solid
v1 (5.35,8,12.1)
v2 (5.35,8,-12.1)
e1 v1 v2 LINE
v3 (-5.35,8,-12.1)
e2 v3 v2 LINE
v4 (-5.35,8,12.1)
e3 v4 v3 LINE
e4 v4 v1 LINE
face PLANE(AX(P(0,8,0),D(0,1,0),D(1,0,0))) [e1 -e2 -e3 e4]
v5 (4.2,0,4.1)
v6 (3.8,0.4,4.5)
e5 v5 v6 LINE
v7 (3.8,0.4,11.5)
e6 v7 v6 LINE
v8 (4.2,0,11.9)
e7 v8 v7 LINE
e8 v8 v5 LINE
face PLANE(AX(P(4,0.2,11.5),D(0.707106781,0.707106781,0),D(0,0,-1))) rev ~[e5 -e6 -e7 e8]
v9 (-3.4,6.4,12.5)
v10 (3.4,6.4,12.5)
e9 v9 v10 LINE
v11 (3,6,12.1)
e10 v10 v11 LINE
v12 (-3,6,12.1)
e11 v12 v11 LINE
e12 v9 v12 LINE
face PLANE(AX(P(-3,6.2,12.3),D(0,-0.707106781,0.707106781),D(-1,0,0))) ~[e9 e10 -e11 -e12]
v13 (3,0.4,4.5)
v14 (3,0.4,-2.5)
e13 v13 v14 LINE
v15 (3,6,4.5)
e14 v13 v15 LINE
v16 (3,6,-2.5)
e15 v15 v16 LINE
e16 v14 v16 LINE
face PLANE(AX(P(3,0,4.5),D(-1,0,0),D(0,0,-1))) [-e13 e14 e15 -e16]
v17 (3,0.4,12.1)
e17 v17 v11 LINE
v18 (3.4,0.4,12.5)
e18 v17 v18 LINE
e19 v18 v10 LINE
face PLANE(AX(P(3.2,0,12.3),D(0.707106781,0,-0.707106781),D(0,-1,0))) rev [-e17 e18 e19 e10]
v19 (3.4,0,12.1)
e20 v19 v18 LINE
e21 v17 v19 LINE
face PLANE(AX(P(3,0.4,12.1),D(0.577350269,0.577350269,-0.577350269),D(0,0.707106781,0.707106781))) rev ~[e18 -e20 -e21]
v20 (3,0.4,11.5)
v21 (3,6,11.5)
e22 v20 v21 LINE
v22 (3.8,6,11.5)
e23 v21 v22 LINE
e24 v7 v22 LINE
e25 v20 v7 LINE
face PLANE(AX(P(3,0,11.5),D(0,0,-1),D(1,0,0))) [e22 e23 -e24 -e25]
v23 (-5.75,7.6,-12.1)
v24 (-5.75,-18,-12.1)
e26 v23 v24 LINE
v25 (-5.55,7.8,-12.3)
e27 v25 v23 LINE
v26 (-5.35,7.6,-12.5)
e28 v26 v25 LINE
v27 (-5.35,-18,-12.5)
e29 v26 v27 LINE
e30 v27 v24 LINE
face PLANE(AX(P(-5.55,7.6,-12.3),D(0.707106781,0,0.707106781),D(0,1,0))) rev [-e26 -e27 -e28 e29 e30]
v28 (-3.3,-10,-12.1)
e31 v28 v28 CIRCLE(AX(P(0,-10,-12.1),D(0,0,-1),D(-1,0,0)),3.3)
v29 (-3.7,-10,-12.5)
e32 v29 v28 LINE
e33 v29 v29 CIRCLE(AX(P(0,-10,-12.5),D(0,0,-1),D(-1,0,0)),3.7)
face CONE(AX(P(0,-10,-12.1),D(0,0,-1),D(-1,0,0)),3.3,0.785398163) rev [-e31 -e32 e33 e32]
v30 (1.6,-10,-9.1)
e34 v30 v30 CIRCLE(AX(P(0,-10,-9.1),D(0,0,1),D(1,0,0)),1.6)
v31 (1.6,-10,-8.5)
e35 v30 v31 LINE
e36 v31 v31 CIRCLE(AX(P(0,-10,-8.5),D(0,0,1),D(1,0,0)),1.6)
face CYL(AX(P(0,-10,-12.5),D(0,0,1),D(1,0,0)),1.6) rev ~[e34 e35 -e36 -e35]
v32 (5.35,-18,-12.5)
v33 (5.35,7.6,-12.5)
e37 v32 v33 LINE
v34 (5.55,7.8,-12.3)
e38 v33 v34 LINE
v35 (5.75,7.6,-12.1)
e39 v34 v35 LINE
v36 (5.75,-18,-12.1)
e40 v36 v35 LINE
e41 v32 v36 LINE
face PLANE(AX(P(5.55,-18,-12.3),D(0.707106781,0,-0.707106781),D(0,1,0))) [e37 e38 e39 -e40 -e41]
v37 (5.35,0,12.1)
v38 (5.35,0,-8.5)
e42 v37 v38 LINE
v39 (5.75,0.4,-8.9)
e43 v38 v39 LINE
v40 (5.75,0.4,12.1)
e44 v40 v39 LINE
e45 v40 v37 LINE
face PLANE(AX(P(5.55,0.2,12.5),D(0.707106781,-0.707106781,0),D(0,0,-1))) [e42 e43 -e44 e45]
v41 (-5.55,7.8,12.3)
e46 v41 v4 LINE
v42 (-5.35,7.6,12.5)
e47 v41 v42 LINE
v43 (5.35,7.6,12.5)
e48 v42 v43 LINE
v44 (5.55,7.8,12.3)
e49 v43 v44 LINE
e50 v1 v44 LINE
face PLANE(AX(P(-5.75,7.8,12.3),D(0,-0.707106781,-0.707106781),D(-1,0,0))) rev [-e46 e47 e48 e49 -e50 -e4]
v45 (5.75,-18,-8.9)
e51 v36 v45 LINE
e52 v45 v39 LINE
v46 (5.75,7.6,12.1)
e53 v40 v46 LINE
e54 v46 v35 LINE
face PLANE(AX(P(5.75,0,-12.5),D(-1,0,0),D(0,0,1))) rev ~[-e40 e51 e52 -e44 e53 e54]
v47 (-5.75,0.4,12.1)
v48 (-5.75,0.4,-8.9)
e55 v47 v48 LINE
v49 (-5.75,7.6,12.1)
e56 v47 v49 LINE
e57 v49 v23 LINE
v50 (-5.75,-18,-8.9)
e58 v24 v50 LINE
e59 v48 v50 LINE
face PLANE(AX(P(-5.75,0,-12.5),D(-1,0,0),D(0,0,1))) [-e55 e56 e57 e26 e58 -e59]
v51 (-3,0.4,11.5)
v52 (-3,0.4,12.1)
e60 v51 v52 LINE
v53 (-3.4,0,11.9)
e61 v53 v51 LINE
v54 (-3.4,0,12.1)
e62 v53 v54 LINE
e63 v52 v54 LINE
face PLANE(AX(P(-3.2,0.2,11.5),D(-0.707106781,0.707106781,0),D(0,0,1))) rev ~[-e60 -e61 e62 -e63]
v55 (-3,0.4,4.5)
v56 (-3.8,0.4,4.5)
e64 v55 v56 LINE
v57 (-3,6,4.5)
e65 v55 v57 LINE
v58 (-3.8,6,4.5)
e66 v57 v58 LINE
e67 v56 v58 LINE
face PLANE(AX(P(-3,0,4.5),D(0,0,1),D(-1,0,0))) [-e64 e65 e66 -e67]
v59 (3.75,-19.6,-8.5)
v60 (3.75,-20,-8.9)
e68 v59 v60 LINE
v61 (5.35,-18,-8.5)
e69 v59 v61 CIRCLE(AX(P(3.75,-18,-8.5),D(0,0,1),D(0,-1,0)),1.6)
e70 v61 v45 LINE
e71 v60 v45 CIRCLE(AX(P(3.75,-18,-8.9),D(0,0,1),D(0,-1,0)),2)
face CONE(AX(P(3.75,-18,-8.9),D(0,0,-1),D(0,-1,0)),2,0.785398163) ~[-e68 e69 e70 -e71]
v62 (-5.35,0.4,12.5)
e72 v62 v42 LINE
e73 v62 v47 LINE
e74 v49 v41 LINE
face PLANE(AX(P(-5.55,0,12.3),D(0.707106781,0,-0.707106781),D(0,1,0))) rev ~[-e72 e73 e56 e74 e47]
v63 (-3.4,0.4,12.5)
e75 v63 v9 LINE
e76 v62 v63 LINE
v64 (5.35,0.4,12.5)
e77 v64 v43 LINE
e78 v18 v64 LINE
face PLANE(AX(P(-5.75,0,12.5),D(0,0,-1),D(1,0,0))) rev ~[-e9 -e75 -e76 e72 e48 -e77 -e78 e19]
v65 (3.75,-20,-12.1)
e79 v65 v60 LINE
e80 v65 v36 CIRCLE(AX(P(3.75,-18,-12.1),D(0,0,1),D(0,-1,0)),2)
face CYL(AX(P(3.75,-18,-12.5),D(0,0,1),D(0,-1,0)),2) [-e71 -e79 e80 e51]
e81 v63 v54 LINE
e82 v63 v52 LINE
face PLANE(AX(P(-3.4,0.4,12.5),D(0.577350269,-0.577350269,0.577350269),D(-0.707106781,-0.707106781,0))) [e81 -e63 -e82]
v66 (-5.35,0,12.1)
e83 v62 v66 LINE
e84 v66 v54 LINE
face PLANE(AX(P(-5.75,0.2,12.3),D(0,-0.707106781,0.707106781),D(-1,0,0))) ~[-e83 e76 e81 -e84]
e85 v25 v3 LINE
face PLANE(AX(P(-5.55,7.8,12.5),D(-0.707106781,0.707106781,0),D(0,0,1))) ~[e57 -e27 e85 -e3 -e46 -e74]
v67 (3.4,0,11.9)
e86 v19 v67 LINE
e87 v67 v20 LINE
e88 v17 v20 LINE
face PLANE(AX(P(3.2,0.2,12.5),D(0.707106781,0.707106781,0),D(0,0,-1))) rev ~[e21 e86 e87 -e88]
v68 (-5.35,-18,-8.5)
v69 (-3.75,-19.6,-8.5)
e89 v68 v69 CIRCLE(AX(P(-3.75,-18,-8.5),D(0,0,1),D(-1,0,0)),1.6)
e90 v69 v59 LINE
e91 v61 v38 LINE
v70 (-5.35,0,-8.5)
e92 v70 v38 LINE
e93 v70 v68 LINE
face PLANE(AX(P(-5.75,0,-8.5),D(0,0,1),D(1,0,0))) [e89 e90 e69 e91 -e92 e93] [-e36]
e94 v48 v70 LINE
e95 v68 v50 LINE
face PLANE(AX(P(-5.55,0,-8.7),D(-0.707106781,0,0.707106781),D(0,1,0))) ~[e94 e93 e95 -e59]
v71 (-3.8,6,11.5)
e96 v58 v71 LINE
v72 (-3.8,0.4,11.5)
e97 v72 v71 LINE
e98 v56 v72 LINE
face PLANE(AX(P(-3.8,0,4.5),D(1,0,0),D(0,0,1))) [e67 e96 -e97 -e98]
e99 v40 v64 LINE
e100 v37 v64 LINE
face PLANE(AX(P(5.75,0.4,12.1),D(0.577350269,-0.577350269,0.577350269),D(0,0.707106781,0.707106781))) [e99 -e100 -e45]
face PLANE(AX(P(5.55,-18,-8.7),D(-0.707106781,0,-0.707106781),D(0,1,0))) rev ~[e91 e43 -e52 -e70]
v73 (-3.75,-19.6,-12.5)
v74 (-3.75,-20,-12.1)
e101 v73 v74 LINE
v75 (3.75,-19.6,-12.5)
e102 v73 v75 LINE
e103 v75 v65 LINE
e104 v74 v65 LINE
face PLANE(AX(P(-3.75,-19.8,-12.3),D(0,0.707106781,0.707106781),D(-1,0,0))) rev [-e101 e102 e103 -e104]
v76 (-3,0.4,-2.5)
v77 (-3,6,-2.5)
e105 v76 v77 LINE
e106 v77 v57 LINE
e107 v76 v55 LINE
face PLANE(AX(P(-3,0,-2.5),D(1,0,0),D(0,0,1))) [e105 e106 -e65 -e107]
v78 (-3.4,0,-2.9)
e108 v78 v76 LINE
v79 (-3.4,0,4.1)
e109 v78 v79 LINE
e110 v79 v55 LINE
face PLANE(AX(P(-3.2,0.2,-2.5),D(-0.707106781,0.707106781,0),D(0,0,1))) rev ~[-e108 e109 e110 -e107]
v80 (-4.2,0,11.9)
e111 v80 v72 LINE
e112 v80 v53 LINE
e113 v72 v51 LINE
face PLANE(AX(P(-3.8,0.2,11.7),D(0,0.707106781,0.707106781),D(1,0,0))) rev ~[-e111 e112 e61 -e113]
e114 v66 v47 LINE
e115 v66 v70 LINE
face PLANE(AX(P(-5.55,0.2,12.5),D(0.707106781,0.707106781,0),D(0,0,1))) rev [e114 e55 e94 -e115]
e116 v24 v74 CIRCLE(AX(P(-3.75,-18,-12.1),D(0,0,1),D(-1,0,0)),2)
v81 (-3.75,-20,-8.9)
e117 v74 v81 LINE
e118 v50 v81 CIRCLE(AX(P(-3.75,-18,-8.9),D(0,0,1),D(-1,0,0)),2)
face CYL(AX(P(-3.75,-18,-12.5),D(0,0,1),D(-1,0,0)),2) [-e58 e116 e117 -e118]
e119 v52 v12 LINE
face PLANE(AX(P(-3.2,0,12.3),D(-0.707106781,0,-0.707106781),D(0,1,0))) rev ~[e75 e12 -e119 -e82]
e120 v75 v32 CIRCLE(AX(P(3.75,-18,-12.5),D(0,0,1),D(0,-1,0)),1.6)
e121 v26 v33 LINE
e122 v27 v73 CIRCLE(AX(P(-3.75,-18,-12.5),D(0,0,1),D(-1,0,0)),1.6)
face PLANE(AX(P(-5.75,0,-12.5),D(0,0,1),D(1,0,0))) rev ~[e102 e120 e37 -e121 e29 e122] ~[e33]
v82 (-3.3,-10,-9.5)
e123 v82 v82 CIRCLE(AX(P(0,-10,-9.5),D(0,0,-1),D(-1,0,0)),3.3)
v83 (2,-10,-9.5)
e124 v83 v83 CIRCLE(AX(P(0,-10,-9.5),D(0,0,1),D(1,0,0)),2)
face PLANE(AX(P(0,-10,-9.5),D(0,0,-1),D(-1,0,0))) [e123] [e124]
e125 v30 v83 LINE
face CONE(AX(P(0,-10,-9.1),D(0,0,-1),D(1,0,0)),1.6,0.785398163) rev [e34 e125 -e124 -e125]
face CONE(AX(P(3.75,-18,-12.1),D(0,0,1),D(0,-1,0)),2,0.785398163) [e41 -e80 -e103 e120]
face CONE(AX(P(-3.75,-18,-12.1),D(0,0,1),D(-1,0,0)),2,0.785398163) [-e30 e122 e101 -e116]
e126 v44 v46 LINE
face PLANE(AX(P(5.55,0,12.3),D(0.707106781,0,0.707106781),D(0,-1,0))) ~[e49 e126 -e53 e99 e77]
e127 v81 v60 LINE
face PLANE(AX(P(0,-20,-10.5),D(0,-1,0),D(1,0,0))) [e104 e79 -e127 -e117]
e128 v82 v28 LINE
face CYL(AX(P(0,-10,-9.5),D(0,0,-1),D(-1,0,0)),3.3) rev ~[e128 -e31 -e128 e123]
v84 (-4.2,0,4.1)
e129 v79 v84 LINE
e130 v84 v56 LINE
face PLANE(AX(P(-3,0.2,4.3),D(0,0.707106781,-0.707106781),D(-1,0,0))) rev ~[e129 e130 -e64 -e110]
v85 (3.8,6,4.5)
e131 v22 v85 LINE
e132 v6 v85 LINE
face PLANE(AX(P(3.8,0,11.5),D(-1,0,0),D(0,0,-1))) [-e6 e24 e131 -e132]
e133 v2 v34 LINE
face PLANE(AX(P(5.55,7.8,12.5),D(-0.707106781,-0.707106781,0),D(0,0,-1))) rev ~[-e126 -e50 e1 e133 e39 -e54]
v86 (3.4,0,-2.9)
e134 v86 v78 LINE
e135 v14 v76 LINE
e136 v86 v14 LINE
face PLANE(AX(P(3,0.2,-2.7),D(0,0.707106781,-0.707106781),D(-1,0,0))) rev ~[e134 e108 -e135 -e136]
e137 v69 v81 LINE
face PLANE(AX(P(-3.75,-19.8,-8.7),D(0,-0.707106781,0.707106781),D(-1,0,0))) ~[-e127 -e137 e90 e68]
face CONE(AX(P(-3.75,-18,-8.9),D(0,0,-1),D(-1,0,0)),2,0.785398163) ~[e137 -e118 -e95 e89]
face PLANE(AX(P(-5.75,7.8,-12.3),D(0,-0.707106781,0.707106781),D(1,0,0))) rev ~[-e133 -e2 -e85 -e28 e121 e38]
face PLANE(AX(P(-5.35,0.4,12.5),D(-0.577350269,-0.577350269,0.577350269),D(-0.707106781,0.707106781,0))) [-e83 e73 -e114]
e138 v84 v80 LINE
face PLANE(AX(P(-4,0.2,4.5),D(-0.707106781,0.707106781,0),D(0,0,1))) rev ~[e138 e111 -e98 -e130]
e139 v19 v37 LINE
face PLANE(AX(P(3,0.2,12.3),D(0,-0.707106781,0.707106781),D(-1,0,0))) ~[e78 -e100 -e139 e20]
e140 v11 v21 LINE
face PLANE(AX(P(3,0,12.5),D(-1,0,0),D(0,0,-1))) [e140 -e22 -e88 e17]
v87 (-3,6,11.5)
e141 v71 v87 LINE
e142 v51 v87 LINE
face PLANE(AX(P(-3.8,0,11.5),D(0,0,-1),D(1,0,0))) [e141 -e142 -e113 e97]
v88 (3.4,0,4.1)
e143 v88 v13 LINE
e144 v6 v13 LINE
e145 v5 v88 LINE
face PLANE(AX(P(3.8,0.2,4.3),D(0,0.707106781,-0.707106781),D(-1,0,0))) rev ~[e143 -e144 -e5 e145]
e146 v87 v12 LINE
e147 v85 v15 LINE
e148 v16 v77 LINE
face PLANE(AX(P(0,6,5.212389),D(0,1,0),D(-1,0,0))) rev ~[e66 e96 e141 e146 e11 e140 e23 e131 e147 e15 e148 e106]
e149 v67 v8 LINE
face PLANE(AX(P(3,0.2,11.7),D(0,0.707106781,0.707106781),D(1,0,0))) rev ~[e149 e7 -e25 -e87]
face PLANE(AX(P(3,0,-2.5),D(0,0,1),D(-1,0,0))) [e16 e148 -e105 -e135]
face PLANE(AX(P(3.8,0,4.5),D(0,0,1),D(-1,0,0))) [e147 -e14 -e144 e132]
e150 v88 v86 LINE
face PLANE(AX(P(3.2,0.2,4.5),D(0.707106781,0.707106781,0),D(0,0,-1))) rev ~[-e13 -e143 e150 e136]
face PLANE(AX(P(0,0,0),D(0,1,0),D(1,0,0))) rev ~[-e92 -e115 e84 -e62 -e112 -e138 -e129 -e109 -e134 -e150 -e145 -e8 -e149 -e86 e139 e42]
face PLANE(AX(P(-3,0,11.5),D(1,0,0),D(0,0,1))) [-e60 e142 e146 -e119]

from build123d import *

# Parameters (mm, degrees)
SKETCH1_W                      = 11.5
SKETCH1_H                      = 25
BOSS_EXTRUDE1_DEPTH            = 8
CUT_EXTRUDE1_DEPTH             = 6
SKETCH3_W                      = 11.5
SKETCH3_H                      = 4
BOSS_EXTRUDE2_DEPTH            = 20
CBORE_FOR_M3_SHCS1_D           = 3.2
CBORE_FOR_M3_SHCS1_CBORE_D     = 6.6
CBORE_FOR_M3_SHCS1_CBORE_DEPTH = 3
FILLET1_R                      = 2
CHAMFER1_SIZE                  = 0.4
CHAMFER2_SIZE                  = 0.4


with BuildPart() as part:
    # Sketch1 → Boss-Extrude1 (new body)
    with BuildSketch(Plane(origin=(0, 0, 0), x_dir=(1, 0, 0), z_dir=(0, 1, 0))):
        Rectangle(SKETCH1_W, SKETCH1_H)
    extrude(amount=BOSS_EXTRUDE1_DEPTH)

    # Sketch2 → Cut-Extrude1 (cut)
    with BuildSketch(Plane.XZ):
        Polygon((-3, 12.5), (3, 12.5), (3, 11.5), (3.8, 11.5), (3.8, 4.5), (3, 4.5), (3, -2.5), (-3, -2.5), (-3, 4.5), (-3.8, 4.5), (-3.8, 11.5), (-3, 11.5), align=None)
    extrude(amount=-CUT_EXTRUDE1_DEPTH, mode=Mode.SUBTRACT)

    # Sketch3 → Boss-Extrude2 (add)
    with BuildSketch(Plane.XZ):
        with Locations((0, -10.5)):
            Rectangle(SKETCH3_W, SKETCH3_H)
    extrude(amount=BOSS_EXTRUDE2_DEPTH)

    # CBORE for M3 SHCS1 (through all)
    with Locations(Plane(origin=(0, 0, -12.5), x_dir=(-1, 0, 0), z_dir=(0, 0, -1))):
        with Locations((0, -10)):
            CounterBoreHole(CBORE_FOR_M3_SHCS1_D / 2, CBORE_FOR_M3_SHCS1_CBORE_D / 2, CBORE_FOR_M3_SHCS1_CBORE_DEPTH)

    # Fillet1
    fillet1_edges = [part.edges().sort_by_distance(p)[0] for p in [
        (-5.75, -20, -10.5),
        (5.75, -20, -10.5),
    ]]
    fillet(fillet1_edges, radius=FILLET1_R)

    # Chamfer1
    chamfer1_edges = [part.edges().sort_by_distance(p)[0] for p in [
        (5.75, 8, 0),
        (0, 8, -12.5),
        (-5.75, 8, 0),
        (0, 8, 12.5),
    ]]
    chamfer(chamfer1_edges, length=CHAMFER1_SIZE)

    # Chamfer2
    chamfer2_edges = [part.edges().sort_by_distance(p)[0] for p in [
        (4.375, 0, 12.5),
        (-3, 0, 12),
        (-3.4, 0, 11.5),
        (-3.8, 0, 8),
        (-3.4, 0, 4.5),
        (-3, 0, 1),
        (0, 0, -2.5),
        (3, 0, 1),
        (3.4, 0, 4.5),
        (3.8, 0, 8),
        (3.4, 0, 11.5),
        (3, 0, 12),
        (3, 3, 12.5),
        (0, 6, 12.5),
        (-3, 3, 12.5),
        (-5.75, 0, 2),
        (5.75, 0, 2),
        (-4.375, 0, 12.5),
        (3.3, -10, -12.5),
        (-1.6, -10, -9.5),
        (0, -20, -12.5),
        (0, -20, -8.5),
        (5.164213562, -19.414213562, -12.5),
        (-5.164213562, -19.414213562, -12.5),
        (-5.75, -9, -8.5),
        (5.75, -9, -8.5),
        (5.164213562, -19.414213562, -8.5),
        (-5.164213562, -19.414213562, -8.5),
        (-5.75, -5.2, -12.5),
        (5.75, -5.2, -12.5),
        (5.75, 3.8, 12.5),
        (-5.75, 3.8, 12.5),
    ]]
    chamfer(chamfer2_edges, length=CHAMFER2_SIZE)


solid = part.part
